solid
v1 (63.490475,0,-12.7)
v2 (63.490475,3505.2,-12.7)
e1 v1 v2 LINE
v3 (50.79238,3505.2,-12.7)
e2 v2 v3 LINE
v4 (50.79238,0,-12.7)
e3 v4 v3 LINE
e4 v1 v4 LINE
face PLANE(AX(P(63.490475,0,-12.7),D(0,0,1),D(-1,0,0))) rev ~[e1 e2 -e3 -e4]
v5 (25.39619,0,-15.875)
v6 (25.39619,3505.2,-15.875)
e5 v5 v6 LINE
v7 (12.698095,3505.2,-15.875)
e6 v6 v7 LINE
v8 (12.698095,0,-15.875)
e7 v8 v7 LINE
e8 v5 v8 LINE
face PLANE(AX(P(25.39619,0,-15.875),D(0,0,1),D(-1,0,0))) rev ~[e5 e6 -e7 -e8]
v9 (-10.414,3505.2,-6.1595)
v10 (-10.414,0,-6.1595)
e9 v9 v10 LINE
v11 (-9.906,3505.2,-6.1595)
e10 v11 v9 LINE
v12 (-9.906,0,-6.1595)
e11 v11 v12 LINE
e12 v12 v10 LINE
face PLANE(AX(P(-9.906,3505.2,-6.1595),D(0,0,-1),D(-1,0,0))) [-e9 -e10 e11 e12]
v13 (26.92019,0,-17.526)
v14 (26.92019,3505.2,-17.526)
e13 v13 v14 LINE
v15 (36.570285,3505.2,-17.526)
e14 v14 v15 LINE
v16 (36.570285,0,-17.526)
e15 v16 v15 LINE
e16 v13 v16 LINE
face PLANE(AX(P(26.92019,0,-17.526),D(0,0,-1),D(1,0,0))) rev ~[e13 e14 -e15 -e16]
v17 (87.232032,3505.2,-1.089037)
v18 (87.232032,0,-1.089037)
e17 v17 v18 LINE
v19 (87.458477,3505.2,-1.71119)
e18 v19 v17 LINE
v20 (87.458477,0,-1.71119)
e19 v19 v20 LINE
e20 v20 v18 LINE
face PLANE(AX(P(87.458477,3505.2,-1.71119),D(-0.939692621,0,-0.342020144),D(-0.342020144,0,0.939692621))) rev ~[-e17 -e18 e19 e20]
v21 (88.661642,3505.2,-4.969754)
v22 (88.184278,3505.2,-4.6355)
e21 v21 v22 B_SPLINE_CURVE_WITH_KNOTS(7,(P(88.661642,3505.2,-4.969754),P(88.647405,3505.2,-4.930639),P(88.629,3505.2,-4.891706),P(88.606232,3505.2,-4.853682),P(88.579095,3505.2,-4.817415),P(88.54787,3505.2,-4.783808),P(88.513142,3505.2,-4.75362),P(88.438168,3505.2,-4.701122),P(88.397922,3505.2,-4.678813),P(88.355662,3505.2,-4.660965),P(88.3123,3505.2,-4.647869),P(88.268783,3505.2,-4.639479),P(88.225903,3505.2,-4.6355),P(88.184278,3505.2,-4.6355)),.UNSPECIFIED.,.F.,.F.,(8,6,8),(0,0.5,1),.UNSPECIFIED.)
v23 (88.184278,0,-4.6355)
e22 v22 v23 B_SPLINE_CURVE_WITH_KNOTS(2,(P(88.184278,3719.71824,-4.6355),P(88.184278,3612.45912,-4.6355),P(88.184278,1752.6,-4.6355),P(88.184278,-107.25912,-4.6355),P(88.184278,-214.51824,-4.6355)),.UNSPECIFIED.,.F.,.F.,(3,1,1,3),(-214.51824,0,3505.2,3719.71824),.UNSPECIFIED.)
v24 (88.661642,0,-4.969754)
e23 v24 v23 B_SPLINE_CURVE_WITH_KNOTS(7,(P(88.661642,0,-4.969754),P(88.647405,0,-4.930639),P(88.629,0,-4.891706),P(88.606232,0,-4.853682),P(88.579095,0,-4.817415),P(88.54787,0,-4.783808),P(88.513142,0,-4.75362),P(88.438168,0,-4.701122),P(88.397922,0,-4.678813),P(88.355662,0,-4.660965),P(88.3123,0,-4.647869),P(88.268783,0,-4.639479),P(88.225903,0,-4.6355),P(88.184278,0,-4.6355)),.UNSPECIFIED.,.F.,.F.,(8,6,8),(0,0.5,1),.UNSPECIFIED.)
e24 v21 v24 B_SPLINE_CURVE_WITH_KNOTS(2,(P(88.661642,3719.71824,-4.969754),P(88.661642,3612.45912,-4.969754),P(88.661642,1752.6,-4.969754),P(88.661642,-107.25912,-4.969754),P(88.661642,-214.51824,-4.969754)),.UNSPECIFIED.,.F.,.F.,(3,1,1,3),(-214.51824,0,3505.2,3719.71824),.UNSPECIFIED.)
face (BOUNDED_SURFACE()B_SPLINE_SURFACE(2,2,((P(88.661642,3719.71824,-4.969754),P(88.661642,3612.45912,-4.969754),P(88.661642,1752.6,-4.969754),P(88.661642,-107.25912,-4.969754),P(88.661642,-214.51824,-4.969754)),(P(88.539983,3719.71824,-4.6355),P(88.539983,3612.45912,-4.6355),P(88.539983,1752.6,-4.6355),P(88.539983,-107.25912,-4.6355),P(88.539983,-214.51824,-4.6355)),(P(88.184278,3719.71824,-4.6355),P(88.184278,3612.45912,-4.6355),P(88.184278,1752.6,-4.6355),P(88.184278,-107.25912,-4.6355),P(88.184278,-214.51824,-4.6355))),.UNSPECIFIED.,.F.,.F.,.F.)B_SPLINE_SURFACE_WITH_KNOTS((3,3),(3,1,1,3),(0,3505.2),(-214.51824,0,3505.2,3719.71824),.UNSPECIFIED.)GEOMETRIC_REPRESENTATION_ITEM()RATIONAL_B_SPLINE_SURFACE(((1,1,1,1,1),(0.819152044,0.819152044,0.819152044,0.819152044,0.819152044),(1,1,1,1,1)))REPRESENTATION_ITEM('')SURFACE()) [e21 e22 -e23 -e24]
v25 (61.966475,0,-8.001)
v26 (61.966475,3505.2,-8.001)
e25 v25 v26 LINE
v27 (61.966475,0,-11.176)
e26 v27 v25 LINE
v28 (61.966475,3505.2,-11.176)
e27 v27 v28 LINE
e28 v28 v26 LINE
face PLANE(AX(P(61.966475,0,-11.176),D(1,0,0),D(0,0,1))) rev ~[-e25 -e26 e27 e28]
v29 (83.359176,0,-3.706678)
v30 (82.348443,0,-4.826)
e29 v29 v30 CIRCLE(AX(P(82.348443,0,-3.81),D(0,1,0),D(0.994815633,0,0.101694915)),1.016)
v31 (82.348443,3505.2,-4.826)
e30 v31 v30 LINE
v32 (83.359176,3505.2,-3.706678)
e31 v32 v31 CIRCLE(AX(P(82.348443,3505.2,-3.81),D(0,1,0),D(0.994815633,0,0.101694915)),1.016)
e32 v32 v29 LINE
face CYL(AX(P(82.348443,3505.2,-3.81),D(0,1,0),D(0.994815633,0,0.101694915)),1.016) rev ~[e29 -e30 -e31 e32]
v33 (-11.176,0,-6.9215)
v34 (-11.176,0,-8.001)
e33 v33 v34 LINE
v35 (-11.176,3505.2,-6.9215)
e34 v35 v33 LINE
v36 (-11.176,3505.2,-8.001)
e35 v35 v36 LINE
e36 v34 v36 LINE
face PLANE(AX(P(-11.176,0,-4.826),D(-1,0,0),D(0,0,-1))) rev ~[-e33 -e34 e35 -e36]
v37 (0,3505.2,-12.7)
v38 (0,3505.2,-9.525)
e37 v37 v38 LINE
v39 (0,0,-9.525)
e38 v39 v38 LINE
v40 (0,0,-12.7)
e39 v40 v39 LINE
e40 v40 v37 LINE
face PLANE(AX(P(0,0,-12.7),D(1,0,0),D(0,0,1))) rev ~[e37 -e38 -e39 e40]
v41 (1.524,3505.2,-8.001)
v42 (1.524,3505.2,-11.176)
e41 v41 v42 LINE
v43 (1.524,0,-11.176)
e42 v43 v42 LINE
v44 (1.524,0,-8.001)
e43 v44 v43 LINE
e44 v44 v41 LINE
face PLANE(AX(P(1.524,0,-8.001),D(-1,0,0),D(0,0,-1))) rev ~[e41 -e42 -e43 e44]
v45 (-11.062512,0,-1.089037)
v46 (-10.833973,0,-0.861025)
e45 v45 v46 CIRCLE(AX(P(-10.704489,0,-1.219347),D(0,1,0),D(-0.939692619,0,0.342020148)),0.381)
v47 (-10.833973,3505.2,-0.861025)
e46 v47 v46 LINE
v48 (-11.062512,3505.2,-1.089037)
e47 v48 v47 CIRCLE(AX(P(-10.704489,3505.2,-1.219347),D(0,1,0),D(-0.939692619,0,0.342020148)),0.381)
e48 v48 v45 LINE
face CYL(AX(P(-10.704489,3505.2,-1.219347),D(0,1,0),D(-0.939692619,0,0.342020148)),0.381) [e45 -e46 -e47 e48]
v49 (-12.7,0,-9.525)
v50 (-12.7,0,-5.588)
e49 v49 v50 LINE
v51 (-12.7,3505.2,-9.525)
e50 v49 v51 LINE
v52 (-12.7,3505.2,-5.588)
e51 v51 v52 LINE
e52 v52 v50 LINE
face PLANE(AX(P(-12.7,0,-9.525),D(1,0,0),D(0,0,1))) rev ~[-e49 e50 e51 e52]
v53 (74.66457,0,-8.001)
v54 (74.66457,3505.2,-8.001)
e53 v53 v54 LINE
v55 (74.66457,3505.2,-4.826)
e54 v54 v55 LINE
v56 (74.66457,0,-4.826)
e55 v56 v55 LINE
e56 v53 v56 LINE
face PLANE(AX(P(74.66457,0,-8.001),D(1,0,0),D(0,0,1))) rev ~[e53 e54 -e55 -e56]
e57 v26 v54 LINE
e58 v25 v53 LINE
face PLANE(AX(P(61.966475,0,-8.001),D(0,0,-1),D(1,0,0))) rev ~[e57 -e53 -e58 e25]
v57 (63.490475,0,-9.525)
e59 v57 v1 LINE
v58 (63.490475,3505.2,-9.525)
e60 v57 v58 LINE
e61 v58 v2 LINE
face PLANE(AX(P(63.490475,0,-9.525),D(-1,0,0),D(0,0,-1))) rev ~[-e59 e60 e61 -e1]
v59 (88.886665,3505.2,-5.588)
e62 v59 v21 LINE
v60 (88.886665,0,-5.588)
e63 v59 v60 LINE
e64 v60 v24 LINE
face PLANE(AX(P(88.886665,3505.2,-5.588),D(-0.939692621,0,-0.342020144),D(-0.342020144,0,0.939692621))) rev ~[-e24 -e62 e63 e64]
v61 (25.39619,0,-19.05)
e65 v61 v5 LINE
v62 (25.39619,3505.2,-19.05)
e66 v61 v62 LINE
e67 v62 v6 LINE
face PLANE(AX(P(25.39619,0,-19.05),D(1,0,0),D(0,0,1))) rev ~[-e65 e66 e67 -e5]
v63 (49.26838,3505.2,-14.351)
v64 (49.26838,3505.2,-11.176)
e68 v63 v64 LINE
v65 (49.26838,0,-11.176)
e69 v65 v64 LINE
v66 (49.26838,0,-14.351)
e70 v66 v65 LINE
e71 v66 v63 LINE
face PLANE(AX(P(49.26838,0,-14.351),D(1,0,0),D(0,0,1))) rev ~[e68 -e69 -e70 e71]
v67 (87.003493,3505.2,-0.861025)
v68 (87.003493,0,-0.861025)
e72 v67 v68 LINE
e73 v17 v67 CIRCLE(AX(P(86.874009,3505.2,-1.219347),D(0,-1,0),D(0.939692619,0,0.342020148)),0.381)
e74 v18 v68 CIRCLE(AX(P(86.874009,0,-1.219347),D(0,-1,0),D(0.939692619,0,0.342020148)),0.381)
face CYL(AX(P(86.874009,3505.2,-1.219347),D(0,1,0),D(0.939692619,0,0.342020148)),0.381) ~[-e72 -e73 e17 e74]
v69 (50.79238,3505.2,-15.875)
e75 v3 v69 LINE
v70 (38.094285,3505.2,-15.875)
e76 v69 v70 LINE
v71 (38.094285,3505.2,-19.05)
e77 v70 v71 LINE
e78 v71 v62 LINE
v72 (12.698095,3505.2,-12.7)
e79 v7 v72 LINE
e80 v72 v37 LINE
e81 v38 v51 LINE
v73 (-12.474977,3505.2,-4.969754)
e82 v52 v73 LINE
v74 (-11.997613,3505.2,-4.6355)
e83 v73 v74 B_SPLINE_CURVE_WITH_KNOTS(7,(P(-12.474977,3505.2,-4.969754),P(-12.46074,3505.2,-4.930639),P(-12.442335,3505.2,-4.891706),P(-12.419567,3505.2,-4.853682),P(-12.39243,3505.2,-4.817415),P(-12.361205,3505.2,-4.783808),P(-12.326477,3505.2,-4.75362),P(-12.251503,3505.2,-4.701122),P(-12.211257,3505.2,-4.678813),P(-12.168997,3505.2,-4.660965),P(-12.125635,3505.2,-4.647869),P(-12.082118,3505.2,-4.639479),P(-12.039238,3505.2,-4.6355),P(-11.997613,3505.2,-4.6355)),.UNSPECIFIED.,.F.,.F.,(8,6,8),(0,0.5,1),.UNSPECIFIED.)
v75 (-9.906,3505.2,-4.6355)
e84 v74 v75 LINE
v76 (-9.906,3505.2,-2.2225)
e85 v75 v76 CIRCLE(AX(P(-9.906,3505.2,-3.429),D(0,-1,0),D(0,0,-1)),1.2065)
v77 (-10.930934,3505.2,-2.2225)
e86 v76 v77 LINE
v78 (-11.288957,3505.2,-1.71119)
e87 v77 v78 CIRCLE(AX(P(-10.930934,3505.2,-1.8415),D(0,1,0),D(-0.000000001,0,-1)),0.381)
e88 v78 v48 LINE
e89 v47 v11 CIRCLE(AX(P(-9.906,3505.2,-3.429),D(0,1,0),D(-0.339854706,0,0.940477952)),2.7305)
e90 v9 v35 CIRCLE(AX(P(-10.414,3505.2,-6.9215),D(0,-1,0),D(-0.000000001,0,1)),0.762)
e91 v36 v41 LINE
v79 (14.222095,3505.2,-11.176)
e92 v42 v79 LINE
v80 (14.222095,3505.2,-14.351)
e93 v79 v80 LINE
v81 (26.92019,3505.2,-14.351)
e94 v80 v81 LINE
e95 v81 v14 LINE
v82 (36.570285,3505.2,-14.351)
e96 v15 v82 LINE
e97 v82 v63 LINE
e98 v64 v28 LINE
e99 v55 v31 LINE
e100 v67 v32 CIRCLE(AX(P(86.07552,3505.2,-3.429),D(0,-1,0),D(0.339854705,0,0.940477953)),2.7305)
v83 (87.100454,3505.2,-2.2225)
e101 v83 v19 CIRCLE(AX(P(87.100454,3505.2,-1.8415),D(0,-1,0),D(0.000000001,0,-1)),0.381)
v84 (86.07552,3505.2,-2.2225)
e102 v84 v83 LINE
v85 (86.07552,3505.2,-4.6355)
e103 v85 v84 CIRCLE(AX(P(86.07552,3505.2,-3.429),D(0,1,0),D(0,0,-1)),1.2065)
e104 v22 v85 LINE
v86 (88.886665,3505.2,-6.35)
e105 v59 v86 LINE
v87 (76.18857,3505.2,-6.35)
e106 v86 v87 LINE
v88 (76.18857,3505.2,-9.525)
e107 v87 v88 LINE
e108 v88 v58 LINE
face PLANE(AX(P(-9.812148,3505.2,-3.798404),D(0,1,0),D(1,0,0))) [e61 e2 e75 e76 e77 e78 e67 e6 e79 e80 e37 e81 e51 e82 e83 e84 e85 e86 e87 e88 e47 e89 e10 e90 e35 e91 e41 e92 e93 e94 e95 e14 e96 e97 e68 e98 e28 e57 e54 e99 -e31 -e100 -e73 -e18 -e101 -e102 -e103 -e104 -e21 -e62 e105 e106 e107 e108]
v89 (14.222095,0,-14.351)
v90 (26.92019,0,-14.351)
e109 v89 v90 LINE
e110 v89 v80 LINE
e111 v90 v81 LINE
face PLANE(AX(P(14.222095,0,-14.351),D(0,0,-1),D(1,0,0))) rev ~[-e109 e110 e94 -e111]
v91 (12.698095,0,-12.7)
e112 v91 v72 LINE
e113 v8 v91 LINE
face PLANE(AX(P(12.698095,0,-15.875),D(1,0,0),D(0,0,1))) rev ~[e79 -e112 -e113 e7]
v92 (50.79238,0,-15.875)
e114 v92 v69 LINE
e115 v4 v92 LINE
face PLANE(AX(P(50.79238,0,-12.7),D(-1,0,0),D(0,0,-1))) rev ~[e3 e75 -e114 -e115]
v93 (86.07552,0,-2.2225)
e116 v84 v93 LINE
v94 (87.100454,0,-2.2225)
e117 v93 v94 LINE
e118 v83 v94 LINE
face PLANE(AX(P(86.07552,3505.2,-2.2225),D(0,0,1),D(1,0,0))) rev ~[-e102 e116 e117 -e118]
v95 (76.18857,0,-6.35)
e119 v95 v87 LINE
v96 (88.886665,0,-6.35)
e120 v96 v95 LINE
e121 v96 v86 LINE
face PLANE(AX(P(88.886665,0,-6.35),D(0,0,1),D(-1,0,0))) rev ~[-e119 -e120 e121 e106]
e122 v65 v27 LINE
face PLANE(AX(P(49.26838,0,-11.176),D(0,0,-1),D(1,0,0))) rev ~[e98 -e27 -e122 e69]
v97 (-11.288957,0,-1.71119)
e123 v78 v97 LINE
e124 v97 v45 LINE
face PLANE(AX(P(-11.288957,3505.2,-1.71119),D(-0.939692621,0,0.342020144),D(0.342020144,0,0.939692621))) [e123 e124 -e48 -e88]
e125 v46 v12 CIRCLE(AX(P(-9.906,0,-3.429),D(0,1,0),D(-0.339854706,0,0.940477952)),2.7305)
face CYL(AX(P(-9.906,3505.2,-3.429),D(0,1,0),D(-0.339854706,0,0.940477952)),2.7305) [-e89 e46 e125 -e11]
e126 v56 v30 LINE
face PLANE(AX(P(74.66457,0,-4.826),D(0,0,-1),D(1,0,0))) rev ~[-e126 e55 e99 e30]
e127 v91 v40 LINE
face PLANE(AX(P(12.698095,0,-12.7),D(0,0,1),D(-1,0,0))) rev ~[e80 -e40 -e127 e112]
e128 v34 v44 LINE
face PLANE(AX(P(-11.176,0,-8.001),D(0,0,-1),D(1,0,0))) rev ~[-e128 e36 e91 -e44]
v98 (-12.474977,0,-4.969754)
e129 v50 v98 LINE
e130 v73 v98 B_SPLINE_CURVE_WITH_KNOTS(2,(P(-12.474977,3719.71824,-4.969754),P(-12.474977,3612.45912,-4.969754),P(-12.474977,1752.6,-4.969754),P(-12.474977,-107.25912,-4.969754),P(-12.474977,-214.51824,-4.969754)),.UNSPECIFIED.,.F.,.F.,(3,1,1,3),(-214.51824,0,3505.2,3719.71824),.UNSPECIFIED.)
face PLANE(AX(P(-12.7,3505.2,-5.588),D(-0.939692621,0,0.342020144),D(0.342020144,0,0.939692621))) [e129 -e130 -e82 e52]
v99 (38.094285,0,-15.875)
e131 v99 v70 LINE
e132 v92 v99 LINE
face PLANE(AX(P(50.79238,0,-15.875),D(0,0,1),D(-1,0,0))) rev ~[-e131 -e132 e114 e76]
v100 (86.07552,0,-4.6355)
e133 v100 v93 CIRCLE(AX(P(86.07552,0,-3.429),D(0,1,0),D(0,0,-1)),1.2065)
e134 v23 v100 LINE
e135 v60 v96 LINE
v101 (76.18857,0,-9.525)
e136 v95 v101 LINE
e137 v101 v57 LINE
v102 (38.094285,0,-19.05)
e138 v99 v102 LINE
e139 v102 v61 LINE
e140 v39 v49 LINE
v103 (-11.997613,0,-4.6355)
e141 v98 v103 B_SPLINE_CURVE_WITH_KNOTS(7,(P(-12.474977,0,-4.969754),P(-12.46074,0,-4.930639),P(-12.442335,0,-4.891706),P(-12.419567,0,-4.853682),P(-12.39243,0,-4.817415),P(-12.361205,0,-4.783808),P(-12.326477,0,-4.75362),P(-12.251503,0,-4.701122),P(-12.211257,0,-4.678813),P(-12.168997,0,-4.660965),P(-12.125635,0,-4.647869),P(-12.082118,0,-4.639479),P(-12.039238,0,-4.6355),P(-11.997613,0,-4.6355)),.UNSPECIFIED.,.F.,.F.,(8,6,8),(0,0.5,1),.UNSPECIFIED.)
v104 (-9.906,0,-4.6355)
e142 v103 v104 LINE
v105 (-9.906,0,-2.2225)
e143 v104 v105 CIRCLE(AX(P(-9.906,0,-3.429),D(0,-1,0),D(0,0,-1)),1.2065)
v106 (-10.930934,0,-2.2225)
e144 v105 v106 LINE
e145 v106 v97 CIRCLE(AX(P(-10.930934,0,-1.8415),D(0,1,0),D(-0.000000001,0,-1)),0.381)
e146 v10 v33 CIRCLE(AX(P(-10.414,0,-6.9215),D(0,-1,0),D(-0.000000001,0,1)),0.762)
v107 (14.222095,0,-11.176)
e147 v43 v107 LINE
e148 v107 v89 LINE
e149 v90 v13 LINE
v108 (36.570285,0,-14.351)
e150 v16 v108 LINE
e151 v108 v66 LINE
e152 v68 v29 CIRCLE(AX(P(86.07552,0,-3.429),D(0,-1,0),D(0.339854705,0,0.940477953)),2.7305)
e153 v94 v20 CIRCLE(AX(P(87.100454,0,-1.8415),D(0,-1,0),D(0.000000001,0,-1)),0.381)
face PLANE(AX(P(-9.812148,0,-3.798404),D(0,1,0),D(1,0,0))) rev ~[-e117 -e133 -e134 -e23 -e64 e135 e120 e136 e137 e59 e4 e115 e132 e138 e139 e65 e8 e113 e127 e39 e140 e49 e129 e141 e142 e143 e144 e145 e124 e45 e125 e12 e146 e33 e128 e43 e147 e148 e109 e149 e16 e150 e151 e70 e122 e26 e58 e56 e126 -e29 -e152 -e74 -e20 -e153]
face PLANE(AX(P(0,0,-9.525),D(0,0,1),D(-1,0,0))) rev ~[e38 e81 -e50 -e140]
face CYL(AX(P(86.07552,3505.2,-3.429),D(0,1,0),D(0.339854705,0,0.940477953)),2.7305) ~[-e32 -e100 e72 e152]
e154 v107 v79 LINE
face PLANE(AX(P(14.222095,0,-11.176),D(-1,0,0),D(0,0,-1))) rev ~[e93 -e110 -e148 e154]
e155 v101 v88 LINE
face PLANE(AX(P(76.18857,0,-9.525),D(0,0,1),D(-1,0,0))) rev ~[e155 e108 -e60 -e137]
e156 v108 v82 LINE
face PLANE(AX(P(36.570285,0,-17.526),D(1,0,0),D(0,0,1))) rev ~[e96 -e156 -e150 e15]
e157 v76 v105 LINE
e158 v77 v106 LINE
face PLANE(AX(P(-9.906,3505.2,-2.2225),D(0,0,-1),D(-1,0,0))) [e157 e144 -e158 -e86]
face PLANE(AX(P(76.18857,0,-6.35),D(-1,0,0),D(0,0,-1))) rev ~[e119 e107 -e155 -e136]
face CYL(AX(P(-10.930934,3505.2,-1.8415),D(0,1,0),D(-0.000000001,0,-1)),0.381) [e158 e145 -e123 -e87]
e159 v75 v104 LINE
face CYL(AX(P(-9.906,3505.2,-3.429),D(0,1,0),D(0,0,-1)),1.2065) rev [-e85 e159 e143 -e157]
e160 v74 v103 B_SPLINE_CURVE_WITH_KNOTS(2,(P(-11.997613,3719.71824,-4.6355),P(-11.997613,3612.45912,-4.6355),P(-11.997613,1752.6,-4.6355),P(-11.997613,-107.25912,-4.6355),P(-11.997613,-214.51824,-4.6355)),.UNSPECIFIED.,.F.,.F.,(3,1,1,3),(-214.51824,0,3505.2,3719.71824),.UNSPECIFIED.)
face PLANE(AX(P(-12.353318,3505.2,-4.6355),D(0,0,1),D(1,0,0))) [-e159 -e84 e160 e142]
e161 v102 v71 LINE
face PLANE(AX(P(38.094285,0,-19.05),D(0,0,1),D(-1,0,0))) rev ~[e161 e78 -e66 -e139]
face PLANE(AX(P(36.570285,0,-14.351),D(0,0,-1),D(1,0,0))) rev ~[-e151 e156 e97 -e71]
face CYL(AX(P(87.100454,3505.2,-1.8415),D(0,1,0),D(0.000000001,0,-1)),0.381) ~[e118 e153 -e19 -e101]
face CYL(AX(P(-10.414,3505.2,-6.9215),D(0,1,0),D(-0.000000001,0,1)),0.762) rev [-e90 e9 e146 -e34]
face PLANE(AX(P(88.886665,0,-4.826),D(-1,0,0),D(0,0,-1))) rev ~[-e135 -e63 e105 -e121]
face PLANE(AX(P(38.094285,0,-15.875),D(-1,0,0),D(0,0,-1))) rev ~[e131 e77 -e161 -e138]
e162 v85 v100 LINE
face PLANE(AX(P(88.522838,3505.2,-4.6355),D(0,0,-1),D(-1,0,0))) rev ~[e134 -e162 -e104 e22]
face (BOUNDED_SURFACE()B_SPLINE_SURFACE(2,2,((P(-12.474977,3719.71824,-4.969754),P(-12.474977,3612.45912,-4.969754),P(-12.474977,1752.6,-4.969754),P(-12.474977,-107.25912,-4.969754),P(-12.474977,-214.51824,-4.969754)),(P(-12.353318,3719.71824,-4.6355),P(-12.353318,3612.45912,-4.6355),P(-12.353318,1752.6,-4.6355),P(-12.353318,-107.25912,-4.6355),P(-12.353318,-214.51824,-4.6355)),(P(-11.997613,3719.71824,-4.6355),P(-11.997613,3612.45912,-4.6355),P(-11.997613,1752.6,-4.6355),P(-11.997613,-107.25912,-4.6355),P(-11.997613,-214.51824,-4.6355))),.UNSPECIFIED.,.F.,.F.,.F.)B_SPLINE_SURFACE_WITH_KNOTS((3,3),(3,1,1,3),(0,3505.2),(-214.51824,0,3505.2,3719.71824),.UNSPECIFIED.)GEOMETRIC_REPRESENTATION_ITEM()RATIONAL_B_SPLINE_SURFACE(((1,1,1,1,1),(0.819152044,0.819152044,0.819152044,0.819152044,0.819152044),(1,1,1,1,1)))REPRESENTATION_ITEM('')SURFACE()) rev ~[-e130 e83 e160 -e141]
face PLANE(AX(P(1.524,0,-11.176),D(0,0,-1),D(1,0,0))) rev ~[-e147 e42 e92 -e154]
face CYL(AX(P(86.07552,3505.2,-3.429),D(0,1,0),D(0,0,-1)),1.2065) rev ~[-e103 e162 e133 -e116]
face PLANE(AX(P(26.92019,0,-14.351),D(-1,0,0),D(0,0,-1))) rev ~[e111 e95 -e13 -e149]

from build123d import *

# Parameters (mm, degrees)
BOSS_EXTRUDE1_DEPTH = 3505.2
CUT_EXTRUDE1_DEPTH  = 3506.2
BOSS_EXTRUDE2_DEPTH = 3505.2
FILLET1_R           = 0.508


with BuildPart() as part:
    # Sketch1 → Boss-Extrude1 (new body)
    with BuildSketch(Plane(origin=(0, 0, 0), x_dir=(1, 0, 0), z_dir=(0, 1, 0))):
        Polygon((0, 9.525), (0, 8.001), (1.524, 8.001), (1.524, 11.176), (14.222095, 11.176), (14.222095, 14.351), (26.92019, 14.351), (26.92019, 17.526), (36.570285, 17.526), (36.570285, 14.351), (49.26838, 14.351), (49.26838, 11.176), (61.966475, 11.176), (61.966475, 8.001), (74.66457, 8.001), (74.66457, 4.826), (88.886665, 4.826), (88.886665, 6.35), (76.18857, 6.35), (76.18857, 9.525), (63.490475, 9.525), (63.490475, 12.7), (50.79238, 12.7), (50.79238, 15.875), (38.094285, 15.875), (38.094285, 19.05), (25.39619, 19.05), (25.39619, 15.875), (12.698095, 15.875), (12.698095, 12.7), (0, 12.7), align=None)
        Polygon((-11.176, 8.001), (0, 8.001), (0, 9.525), (-12.7, 9.525), (-12.7, 4.826), (-11.176, 4.826), align=None)
    extrude(amount=BOSS_EXTRUDE1_DEPTH)

    # Sketch2 → Cut-Extrude1 (cut, through all)
    with BuildSketch(Plane(origin=(0, 3505.2, 0), x_dir=(1, 0, 0), z_dir=(0, 1, 0))):
        Polygon((88.886665, 5.588), (88.609319681, 4.826), (88.886665, 4.826), align=None)
        Polygon((-12.7, 5.588), (-12.422654681, 4.826), (-12.7, 4.826), align=None)
    extrude(amount=-CUT_EXTRUDE1_DEPTH, mode=Mode.SUBTRACT)

    # Sketch3 → Boss-Extrude2 (add, through all)
    with BuildSketch(Plane(origin=(0, 3505.2, 0), x_dir=(1, 0, 0), z_dir=(0, 1, 0))):
        with BuildLine():
            Line((-12.422654681, 4.826), (-12.353318352, 4.6355))
            Line((-12.353318352, 4.6355), (-9.906, 4.6355))
            ThreePointArc((-9.906, 4.6355), (-8.6995, 3.429), (-9.906, 2.2225))
            Line((-9.906, 2.2225), (-10.930933786, 2.2225))
            ThreePointArc((-10.930933786, 2.2225), (-11.243030715, 2.060032622), (-11.288956675, 1.711190325))
            Line((-11.288956675, 1.711190325), (-11.06251152, 1.089037376))
            ThreePointArc((-11.06251152, 1.089037376), (-10.973585853, 0.949629263), (-10.833973274, 0.861024951))
            ThreePointArc((-10.833973274, 0.861024951), (-7.216438129, 2.957950969), (-9.906, 6.1595))
            Line((-9.906, 6.1595), (-10.414, 6.1595))
            ThreePointArc((-10.414, 6.1595), (-10.952815367, 6.382684633), (-11.176, 6.9215))
            Line((-11.176, 6.9215), (-11.176, 4.826))
            Line((-11.176, 4.826), (-12.422654681, 4.826))
        make_face()
        with BuildLine():
            Line((87.458476675, 1.711190325), (87.23203152, 1.089037376))
            ThreePointArc((87.23203152, 1.089037376), (87.143105853, 0.949629263), (87.003493274, 0.861024951))
            ThreePointArc((87.003493274, 0.861024951), (84.395043041, 1.276878387), (83.359175913, 3.706677966))
            ThreePointArc((83.359175913, 3.706677966), (83.10250927, 4.490911453), (82.34844323, 4.826))
            Line((82.34844323, 4.826), (88.609319681, 4.826))
            Line((88.609319681, 4.826), (88.522838352, 4.6355))
            Line((88.522838352, 4.6355), (86.07552, 4.6355))
            ThreePointArc((86.07552, 4.6355), (84.86902, 3.429), (86.07552, 2.2225))
            Line((86.07552, 2.2225), (87.100453786, 2.2225))
            ThreePointArc((87.100453786, 2.2225), (87.412550715, 2.060032622), (87.458476675, 1.711190325))
        make_face()
    extrude(amount=-BOSS_EXTRUDE2_DEPTH)

    # Fillet1
    fillet1_edges = [part.edges().sort_by_distance(p)[0] for p in [
        (88.522838352, 1752.6, -4.6355),
        (-12.353318352, 1752.6, -4.6355),
    ]]
    fillet(fillet1_edges, radius=FILLET1_R)


solid = part.part
